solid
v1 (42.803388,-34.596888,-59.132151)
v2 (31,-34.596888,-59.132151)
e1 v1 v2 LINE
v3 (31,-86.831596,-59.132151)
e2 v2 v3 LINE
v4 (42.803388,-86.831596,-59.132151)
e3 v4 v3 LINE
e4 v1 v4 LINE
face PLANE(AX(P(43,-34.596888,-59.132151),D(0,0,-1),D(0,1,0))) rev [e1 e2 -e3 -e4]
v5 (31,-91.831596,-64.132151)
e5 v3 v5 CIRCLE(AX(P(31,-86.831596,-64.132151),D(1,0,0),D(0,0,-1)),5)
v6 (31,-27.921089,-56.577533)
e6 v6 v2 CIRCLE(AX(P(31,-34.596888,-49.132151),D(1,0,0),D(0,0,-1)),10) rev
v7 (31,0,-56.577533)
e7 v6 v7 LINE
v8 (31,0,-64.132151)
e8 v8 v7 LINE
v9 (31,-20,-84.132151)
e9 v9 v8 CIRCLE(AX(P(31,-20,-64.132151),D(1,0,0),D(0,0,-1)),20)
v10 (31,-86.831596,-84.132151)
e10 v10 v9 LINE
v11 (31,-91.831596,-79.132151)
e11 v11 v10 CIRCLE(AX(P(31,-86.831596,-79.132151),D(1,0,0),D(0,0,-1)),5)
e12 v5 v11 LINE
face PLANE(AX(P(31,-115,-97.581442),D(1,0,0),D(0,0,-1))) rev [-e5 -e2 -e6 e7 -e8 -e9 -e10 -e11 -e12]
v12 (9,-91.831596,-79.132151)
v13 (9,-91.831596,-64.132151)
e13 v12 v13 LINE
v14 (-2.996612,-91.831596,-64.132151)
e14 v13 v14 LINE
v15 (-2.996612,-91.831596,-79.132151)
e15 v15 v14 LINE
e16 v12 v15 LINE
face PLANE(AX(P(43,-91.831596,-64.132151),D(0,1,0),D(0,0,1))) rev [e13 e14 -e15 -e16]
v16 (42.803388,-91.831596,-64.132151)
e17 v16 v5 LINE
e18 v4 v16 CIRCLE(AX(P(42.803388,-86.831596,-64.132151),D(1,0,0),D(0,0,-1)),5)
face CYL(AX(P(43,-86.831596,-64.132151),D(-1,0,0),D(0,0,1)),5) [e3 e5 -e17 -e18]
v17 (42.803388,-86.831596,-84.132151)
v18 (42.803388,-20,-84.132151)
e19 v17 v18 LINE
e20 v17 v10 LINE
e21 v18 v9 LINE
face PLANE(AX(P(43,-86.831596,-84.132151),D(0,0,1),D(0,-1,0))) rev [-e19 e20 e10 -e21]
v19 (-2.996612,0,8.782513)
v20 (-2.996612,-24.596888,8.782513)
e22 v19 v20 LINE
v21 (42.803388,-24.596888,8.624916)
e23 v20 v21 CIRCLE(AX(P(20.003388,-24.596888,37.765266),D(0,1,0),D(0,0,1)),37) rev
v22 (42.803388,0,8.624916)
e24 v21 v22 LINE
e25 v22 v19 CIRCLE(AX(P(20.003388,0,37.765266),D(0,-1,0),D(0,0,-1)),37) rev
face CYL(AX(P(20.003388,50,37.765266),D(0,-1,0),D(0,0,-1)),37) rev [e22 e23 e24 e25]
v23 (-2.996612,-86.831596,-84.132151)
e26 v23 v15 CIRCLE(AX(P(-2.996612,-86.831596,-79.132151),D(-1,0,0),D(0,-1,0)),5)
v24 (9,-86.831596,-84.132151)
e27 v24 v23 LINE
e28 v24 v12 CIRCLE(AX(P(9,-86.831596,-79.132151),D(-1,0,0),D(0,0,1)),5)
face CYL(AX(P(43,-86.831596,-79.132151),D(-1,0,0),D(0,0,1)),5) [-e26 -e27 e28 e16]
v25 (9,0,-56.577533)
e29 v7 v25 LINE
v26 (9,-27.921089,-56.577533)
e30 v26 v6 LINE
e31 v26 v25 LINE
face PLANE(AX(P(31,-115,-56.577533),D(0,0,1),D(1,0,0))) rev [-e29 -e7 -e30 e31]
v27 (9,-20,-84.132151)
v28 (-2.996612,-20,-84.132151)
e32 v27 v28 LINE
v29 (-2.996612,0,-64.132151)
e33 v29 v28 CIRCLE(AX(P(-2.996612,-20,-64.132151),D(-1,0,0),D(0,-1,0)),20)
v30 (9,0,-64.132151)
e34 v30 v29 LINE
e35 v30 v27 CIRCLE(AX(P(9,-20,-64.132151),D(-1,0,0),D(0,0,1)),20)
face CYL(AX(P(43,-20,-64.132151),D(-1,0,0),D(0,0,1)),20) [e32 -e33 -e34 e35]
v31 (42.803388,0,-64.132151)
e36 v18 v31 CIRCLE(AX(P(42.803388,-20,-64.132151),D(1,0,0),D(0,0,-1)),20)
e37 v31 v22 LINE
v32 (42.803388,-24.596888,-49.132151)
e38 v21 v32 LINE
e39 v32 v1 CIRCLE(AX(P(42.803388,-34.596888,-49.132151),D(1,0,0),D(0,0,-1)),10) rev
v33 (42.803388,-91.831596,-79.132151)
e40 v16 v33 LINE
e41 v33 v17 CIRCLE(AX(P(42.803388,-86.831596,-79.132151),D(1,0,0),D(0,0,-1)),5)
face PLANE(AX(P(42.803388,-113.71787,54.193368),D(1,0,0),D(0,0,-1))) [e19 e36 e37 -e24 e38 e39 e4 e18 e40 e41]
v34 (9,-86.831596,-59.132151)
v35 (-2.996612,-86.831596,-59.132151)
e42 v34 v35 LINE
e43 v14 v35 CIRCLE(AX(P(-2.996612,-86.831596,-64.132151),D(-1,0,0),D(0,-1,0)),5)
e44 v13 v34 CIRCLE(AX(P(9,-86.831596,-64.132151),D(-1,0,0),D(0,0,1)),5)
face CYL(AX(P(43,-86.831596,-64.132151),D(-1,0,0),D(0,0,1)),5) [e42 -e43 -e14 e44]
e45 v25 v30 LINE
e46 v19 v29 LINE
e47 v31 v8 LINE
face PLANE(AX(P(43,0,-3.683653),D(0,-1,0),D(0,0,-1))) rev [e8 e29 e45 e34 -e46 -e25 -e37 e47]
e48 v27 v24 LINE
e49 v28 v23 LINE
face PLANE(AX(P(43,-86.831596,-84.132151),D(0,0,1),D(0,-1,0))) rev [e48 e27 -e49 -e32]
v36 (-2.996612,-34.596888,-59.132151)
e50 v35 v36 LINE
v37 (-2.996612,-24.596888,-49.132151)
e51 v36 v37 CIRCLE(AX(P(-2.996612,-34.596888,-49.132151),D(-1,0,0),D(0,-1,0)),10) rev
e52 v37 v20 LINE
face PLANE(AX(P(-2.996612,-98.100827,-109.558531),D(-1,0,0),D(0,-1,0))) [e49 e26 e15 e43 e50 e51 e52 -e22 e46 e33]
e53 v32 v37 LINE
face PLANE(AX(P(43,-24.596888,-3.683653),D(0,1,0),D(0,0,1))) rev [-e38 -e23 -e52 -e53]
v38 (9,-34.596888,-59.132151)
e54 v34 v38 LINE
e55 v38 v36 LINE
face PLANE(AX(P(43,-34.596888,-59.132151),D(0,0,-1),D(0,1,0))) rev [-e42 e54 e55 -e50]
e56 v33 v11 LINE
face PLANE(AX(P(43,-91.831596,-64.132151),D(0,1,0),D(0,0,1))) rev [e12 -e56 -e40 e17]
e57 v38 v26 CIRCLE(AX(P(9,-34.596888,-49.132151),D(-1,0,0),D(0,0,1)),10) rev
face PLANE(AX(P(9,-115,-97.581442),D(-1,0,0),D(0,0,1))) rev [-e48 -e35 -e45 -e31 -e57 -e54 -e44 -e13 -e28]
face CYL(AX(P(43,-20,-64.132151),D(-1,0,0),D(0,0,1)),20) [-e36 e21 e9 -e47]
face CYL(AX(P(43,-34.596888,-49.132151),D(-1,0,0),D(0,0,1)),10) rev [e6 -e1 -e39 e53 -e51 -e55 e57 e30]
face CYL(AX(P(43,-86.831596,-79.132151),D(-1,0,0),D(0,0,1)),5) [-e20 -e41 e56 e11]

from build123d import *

# Parameters (mm, degrees)
EXTRUDE_START         = -3
EXTRUDE_1_DEPTH       = 46
SKETCH_2_W            = 22
SKETCH_2_H            = 41.003909118
CUT_EXTRUDE_2_DEPTH   = 115
SKETCH_4_W            = 74
SKETCH_4_H            = 24.59688775
EXTRUDE_3_DEPTH       = 55
CUT_EXTRUDE_2_2_DEPTH = 50
FILLET_2_R            = 4
SKETCH_7_R            = 3
CUT_EXTRUDE_3_DEPTH   = 90
FILLET_3_R            = 10
SKETCH_9_W            = 165.264464741
SKETCH_9_H            = 119.978910546
CUT_EXTRUDE_5_DEPTH   = 14.2
SKETCH_10_W           = 169.580693543
SKETCH_10_H           = 115.14513644
CUT_EXTRUDE_6_DEPTH   = 14


with BuildPart() as part:
    # Эскиз1 → Вытянуть1 (new body)
    with BuildSketch(Plane(origin=(0, 0, 0), x_dir=(0, 0, -1), z_dir=(1, 0, 0)).offset(EXTRUDE_START)):
        with BuildLine():
            Line((3.683652722, 0), (3.683652722, -24.59688775))
            Line((3.683652722, -24.59688775), (49.132150834, -24.59688775))
            ThreePointArc((49.132150834, -24.59688775), (56.203218646, -27.525819938), (59.132150834, -34.59688775))
            Line((59.132150834, -34.59688775), (59.132150834, -86.83159597))
            ThreePointArc((59.132150834, -86.83159597), (60.596616928, -90.367129876), (64.132150834, -91.83159597))
            Line((64.132150834, -91.83159597), (79.132150834, -91.83159597))
            ThreePointArc((79.132150834, -91.83159597), (82.66768474, -90.367129876), (84.132150834, -86.83159597))
            Line((84.132150834, -86.83159597), (84.132150834, -20))
            ThreePointArc((84.132150834, -20), (78.274286458, -5.857864376), (64.132150834, 0))
            Line((64.132150834, 0), (3.683652722, 0))
        make_face()
    extrude(amount=EXTRUDE_1_DEPTH)

    # Эскиз2 → Cut-Extrude 2 (cut, symmetric)
    with BuildSketch(Plane(origin=(0, 0, 0), x_dir=(1, 0, 0), z_dir=(0, 1, 0))):
        with Locations((20, 77.079487522)):
            Rectangle(SKETCH_2_W, SKETCH_2_H)
    extrude(amount=CUT_EXTRUDE_2_DEPTH, both=True, mode=Mode.SUBTRACT)

    # Эскиз4 → Вытянуть3 (add)
    with BuildSketch(Plane.XY.offset(-3.683652722)):
        with Locations((20.00338787, -12.298443875)):
            Rectangle(SKETCH_4_W, SKETCH_4_H)
    extrude(amount=EXTRUDE_3_DEPTH)

    # Эскиз6 → Cut-Extrude 2 2 (cut, symmetric)
    with BuildSketch(Plane(origin=(0, 0, 0), x_dir=(1, 0, 0), z_dir=(0, 1, 0))):
        with BuildLine():
            Line((47.00338787, -53.713591308), (47.00338787, -12.467045061))
            ThreePointArc((47.00338787, -12.467045061), (20.003387867, -0.765266351), (-6.99661213, -12.467045078))
            Line((-6.99661213, -12.467045078), (-6.99661213, -53.713591308))
            Line((-6.99661213, -53.713591308), (47.00338787, -53.713591308))
        make_face()
    extrude(amount=CUT_EXTRUDE_2_2_DEPTH, both=True, mode=Mode.SUBTRACT)

    # Скругление2
    fillet_2_edges = [part.edges().sort_by_distance(p)[0] for p in [
        (57.00338787, -12.298443875, -3.683652722),
        (-16.99661213, -12.298443875, -3.683652722),
    ]]
    fillet(fillet_2_edges, radius=FILLET_2_R)

    # Эскиз7 → Вырез-Вытянуть3 (cut, symmetric)
    with BuildSketch(Plane(origin=(57.00338787, 0, 0), x_dir=(0, 0, -1), z_dir=(1, 0, 0))):
        with Locations((-35.623538585, -11.460561108)):
            Circle(SKETCH_7_R)
    extrude(amount=CUT_EXTRUDE_3_DEPTH, both=True, mode=Mode.SUBTRACT)

    # Скругление3
    fillet_3_edges = [part.edges().sort_by_distance(p)[0] for p in [
        (-3, -12.298443875, -3.683652722),
        (43, -12.298443875, -3.683652722),
    ]]
    fillet(fillet_3_edges, radius=FILLET_3_R)

    # Эскиз9 → Вытянуть5 (cut)
    with BuildSketch(Plane(origin=(57.00338787, 0, 0), x_dir=(0, 0, -1), z_dir=(1, 0, 0))):
        with Locations((28.438864211, -53.728415023)):
            Rectangle(SKETCH_9_W, SKETCH_9_H)
    extrude(amount=-CUT_EXTRUDE_5_DEPTH, mode=Mode.SUBTRACT)

    # Эскиз10 → Вытянуть6 (cut)
    with BuildSketch(Plane.ZY.offset(16.99661213)):
        with Locations((-24.768184397, -40.528258671)):
            Rectangle(SKETCH_10_W, SKETCH_10_H)
    extrude(amount=-CUT_EXTRUDE_6_DEPTH, mode=Mode.SUBTRACT)


solid = part.part
